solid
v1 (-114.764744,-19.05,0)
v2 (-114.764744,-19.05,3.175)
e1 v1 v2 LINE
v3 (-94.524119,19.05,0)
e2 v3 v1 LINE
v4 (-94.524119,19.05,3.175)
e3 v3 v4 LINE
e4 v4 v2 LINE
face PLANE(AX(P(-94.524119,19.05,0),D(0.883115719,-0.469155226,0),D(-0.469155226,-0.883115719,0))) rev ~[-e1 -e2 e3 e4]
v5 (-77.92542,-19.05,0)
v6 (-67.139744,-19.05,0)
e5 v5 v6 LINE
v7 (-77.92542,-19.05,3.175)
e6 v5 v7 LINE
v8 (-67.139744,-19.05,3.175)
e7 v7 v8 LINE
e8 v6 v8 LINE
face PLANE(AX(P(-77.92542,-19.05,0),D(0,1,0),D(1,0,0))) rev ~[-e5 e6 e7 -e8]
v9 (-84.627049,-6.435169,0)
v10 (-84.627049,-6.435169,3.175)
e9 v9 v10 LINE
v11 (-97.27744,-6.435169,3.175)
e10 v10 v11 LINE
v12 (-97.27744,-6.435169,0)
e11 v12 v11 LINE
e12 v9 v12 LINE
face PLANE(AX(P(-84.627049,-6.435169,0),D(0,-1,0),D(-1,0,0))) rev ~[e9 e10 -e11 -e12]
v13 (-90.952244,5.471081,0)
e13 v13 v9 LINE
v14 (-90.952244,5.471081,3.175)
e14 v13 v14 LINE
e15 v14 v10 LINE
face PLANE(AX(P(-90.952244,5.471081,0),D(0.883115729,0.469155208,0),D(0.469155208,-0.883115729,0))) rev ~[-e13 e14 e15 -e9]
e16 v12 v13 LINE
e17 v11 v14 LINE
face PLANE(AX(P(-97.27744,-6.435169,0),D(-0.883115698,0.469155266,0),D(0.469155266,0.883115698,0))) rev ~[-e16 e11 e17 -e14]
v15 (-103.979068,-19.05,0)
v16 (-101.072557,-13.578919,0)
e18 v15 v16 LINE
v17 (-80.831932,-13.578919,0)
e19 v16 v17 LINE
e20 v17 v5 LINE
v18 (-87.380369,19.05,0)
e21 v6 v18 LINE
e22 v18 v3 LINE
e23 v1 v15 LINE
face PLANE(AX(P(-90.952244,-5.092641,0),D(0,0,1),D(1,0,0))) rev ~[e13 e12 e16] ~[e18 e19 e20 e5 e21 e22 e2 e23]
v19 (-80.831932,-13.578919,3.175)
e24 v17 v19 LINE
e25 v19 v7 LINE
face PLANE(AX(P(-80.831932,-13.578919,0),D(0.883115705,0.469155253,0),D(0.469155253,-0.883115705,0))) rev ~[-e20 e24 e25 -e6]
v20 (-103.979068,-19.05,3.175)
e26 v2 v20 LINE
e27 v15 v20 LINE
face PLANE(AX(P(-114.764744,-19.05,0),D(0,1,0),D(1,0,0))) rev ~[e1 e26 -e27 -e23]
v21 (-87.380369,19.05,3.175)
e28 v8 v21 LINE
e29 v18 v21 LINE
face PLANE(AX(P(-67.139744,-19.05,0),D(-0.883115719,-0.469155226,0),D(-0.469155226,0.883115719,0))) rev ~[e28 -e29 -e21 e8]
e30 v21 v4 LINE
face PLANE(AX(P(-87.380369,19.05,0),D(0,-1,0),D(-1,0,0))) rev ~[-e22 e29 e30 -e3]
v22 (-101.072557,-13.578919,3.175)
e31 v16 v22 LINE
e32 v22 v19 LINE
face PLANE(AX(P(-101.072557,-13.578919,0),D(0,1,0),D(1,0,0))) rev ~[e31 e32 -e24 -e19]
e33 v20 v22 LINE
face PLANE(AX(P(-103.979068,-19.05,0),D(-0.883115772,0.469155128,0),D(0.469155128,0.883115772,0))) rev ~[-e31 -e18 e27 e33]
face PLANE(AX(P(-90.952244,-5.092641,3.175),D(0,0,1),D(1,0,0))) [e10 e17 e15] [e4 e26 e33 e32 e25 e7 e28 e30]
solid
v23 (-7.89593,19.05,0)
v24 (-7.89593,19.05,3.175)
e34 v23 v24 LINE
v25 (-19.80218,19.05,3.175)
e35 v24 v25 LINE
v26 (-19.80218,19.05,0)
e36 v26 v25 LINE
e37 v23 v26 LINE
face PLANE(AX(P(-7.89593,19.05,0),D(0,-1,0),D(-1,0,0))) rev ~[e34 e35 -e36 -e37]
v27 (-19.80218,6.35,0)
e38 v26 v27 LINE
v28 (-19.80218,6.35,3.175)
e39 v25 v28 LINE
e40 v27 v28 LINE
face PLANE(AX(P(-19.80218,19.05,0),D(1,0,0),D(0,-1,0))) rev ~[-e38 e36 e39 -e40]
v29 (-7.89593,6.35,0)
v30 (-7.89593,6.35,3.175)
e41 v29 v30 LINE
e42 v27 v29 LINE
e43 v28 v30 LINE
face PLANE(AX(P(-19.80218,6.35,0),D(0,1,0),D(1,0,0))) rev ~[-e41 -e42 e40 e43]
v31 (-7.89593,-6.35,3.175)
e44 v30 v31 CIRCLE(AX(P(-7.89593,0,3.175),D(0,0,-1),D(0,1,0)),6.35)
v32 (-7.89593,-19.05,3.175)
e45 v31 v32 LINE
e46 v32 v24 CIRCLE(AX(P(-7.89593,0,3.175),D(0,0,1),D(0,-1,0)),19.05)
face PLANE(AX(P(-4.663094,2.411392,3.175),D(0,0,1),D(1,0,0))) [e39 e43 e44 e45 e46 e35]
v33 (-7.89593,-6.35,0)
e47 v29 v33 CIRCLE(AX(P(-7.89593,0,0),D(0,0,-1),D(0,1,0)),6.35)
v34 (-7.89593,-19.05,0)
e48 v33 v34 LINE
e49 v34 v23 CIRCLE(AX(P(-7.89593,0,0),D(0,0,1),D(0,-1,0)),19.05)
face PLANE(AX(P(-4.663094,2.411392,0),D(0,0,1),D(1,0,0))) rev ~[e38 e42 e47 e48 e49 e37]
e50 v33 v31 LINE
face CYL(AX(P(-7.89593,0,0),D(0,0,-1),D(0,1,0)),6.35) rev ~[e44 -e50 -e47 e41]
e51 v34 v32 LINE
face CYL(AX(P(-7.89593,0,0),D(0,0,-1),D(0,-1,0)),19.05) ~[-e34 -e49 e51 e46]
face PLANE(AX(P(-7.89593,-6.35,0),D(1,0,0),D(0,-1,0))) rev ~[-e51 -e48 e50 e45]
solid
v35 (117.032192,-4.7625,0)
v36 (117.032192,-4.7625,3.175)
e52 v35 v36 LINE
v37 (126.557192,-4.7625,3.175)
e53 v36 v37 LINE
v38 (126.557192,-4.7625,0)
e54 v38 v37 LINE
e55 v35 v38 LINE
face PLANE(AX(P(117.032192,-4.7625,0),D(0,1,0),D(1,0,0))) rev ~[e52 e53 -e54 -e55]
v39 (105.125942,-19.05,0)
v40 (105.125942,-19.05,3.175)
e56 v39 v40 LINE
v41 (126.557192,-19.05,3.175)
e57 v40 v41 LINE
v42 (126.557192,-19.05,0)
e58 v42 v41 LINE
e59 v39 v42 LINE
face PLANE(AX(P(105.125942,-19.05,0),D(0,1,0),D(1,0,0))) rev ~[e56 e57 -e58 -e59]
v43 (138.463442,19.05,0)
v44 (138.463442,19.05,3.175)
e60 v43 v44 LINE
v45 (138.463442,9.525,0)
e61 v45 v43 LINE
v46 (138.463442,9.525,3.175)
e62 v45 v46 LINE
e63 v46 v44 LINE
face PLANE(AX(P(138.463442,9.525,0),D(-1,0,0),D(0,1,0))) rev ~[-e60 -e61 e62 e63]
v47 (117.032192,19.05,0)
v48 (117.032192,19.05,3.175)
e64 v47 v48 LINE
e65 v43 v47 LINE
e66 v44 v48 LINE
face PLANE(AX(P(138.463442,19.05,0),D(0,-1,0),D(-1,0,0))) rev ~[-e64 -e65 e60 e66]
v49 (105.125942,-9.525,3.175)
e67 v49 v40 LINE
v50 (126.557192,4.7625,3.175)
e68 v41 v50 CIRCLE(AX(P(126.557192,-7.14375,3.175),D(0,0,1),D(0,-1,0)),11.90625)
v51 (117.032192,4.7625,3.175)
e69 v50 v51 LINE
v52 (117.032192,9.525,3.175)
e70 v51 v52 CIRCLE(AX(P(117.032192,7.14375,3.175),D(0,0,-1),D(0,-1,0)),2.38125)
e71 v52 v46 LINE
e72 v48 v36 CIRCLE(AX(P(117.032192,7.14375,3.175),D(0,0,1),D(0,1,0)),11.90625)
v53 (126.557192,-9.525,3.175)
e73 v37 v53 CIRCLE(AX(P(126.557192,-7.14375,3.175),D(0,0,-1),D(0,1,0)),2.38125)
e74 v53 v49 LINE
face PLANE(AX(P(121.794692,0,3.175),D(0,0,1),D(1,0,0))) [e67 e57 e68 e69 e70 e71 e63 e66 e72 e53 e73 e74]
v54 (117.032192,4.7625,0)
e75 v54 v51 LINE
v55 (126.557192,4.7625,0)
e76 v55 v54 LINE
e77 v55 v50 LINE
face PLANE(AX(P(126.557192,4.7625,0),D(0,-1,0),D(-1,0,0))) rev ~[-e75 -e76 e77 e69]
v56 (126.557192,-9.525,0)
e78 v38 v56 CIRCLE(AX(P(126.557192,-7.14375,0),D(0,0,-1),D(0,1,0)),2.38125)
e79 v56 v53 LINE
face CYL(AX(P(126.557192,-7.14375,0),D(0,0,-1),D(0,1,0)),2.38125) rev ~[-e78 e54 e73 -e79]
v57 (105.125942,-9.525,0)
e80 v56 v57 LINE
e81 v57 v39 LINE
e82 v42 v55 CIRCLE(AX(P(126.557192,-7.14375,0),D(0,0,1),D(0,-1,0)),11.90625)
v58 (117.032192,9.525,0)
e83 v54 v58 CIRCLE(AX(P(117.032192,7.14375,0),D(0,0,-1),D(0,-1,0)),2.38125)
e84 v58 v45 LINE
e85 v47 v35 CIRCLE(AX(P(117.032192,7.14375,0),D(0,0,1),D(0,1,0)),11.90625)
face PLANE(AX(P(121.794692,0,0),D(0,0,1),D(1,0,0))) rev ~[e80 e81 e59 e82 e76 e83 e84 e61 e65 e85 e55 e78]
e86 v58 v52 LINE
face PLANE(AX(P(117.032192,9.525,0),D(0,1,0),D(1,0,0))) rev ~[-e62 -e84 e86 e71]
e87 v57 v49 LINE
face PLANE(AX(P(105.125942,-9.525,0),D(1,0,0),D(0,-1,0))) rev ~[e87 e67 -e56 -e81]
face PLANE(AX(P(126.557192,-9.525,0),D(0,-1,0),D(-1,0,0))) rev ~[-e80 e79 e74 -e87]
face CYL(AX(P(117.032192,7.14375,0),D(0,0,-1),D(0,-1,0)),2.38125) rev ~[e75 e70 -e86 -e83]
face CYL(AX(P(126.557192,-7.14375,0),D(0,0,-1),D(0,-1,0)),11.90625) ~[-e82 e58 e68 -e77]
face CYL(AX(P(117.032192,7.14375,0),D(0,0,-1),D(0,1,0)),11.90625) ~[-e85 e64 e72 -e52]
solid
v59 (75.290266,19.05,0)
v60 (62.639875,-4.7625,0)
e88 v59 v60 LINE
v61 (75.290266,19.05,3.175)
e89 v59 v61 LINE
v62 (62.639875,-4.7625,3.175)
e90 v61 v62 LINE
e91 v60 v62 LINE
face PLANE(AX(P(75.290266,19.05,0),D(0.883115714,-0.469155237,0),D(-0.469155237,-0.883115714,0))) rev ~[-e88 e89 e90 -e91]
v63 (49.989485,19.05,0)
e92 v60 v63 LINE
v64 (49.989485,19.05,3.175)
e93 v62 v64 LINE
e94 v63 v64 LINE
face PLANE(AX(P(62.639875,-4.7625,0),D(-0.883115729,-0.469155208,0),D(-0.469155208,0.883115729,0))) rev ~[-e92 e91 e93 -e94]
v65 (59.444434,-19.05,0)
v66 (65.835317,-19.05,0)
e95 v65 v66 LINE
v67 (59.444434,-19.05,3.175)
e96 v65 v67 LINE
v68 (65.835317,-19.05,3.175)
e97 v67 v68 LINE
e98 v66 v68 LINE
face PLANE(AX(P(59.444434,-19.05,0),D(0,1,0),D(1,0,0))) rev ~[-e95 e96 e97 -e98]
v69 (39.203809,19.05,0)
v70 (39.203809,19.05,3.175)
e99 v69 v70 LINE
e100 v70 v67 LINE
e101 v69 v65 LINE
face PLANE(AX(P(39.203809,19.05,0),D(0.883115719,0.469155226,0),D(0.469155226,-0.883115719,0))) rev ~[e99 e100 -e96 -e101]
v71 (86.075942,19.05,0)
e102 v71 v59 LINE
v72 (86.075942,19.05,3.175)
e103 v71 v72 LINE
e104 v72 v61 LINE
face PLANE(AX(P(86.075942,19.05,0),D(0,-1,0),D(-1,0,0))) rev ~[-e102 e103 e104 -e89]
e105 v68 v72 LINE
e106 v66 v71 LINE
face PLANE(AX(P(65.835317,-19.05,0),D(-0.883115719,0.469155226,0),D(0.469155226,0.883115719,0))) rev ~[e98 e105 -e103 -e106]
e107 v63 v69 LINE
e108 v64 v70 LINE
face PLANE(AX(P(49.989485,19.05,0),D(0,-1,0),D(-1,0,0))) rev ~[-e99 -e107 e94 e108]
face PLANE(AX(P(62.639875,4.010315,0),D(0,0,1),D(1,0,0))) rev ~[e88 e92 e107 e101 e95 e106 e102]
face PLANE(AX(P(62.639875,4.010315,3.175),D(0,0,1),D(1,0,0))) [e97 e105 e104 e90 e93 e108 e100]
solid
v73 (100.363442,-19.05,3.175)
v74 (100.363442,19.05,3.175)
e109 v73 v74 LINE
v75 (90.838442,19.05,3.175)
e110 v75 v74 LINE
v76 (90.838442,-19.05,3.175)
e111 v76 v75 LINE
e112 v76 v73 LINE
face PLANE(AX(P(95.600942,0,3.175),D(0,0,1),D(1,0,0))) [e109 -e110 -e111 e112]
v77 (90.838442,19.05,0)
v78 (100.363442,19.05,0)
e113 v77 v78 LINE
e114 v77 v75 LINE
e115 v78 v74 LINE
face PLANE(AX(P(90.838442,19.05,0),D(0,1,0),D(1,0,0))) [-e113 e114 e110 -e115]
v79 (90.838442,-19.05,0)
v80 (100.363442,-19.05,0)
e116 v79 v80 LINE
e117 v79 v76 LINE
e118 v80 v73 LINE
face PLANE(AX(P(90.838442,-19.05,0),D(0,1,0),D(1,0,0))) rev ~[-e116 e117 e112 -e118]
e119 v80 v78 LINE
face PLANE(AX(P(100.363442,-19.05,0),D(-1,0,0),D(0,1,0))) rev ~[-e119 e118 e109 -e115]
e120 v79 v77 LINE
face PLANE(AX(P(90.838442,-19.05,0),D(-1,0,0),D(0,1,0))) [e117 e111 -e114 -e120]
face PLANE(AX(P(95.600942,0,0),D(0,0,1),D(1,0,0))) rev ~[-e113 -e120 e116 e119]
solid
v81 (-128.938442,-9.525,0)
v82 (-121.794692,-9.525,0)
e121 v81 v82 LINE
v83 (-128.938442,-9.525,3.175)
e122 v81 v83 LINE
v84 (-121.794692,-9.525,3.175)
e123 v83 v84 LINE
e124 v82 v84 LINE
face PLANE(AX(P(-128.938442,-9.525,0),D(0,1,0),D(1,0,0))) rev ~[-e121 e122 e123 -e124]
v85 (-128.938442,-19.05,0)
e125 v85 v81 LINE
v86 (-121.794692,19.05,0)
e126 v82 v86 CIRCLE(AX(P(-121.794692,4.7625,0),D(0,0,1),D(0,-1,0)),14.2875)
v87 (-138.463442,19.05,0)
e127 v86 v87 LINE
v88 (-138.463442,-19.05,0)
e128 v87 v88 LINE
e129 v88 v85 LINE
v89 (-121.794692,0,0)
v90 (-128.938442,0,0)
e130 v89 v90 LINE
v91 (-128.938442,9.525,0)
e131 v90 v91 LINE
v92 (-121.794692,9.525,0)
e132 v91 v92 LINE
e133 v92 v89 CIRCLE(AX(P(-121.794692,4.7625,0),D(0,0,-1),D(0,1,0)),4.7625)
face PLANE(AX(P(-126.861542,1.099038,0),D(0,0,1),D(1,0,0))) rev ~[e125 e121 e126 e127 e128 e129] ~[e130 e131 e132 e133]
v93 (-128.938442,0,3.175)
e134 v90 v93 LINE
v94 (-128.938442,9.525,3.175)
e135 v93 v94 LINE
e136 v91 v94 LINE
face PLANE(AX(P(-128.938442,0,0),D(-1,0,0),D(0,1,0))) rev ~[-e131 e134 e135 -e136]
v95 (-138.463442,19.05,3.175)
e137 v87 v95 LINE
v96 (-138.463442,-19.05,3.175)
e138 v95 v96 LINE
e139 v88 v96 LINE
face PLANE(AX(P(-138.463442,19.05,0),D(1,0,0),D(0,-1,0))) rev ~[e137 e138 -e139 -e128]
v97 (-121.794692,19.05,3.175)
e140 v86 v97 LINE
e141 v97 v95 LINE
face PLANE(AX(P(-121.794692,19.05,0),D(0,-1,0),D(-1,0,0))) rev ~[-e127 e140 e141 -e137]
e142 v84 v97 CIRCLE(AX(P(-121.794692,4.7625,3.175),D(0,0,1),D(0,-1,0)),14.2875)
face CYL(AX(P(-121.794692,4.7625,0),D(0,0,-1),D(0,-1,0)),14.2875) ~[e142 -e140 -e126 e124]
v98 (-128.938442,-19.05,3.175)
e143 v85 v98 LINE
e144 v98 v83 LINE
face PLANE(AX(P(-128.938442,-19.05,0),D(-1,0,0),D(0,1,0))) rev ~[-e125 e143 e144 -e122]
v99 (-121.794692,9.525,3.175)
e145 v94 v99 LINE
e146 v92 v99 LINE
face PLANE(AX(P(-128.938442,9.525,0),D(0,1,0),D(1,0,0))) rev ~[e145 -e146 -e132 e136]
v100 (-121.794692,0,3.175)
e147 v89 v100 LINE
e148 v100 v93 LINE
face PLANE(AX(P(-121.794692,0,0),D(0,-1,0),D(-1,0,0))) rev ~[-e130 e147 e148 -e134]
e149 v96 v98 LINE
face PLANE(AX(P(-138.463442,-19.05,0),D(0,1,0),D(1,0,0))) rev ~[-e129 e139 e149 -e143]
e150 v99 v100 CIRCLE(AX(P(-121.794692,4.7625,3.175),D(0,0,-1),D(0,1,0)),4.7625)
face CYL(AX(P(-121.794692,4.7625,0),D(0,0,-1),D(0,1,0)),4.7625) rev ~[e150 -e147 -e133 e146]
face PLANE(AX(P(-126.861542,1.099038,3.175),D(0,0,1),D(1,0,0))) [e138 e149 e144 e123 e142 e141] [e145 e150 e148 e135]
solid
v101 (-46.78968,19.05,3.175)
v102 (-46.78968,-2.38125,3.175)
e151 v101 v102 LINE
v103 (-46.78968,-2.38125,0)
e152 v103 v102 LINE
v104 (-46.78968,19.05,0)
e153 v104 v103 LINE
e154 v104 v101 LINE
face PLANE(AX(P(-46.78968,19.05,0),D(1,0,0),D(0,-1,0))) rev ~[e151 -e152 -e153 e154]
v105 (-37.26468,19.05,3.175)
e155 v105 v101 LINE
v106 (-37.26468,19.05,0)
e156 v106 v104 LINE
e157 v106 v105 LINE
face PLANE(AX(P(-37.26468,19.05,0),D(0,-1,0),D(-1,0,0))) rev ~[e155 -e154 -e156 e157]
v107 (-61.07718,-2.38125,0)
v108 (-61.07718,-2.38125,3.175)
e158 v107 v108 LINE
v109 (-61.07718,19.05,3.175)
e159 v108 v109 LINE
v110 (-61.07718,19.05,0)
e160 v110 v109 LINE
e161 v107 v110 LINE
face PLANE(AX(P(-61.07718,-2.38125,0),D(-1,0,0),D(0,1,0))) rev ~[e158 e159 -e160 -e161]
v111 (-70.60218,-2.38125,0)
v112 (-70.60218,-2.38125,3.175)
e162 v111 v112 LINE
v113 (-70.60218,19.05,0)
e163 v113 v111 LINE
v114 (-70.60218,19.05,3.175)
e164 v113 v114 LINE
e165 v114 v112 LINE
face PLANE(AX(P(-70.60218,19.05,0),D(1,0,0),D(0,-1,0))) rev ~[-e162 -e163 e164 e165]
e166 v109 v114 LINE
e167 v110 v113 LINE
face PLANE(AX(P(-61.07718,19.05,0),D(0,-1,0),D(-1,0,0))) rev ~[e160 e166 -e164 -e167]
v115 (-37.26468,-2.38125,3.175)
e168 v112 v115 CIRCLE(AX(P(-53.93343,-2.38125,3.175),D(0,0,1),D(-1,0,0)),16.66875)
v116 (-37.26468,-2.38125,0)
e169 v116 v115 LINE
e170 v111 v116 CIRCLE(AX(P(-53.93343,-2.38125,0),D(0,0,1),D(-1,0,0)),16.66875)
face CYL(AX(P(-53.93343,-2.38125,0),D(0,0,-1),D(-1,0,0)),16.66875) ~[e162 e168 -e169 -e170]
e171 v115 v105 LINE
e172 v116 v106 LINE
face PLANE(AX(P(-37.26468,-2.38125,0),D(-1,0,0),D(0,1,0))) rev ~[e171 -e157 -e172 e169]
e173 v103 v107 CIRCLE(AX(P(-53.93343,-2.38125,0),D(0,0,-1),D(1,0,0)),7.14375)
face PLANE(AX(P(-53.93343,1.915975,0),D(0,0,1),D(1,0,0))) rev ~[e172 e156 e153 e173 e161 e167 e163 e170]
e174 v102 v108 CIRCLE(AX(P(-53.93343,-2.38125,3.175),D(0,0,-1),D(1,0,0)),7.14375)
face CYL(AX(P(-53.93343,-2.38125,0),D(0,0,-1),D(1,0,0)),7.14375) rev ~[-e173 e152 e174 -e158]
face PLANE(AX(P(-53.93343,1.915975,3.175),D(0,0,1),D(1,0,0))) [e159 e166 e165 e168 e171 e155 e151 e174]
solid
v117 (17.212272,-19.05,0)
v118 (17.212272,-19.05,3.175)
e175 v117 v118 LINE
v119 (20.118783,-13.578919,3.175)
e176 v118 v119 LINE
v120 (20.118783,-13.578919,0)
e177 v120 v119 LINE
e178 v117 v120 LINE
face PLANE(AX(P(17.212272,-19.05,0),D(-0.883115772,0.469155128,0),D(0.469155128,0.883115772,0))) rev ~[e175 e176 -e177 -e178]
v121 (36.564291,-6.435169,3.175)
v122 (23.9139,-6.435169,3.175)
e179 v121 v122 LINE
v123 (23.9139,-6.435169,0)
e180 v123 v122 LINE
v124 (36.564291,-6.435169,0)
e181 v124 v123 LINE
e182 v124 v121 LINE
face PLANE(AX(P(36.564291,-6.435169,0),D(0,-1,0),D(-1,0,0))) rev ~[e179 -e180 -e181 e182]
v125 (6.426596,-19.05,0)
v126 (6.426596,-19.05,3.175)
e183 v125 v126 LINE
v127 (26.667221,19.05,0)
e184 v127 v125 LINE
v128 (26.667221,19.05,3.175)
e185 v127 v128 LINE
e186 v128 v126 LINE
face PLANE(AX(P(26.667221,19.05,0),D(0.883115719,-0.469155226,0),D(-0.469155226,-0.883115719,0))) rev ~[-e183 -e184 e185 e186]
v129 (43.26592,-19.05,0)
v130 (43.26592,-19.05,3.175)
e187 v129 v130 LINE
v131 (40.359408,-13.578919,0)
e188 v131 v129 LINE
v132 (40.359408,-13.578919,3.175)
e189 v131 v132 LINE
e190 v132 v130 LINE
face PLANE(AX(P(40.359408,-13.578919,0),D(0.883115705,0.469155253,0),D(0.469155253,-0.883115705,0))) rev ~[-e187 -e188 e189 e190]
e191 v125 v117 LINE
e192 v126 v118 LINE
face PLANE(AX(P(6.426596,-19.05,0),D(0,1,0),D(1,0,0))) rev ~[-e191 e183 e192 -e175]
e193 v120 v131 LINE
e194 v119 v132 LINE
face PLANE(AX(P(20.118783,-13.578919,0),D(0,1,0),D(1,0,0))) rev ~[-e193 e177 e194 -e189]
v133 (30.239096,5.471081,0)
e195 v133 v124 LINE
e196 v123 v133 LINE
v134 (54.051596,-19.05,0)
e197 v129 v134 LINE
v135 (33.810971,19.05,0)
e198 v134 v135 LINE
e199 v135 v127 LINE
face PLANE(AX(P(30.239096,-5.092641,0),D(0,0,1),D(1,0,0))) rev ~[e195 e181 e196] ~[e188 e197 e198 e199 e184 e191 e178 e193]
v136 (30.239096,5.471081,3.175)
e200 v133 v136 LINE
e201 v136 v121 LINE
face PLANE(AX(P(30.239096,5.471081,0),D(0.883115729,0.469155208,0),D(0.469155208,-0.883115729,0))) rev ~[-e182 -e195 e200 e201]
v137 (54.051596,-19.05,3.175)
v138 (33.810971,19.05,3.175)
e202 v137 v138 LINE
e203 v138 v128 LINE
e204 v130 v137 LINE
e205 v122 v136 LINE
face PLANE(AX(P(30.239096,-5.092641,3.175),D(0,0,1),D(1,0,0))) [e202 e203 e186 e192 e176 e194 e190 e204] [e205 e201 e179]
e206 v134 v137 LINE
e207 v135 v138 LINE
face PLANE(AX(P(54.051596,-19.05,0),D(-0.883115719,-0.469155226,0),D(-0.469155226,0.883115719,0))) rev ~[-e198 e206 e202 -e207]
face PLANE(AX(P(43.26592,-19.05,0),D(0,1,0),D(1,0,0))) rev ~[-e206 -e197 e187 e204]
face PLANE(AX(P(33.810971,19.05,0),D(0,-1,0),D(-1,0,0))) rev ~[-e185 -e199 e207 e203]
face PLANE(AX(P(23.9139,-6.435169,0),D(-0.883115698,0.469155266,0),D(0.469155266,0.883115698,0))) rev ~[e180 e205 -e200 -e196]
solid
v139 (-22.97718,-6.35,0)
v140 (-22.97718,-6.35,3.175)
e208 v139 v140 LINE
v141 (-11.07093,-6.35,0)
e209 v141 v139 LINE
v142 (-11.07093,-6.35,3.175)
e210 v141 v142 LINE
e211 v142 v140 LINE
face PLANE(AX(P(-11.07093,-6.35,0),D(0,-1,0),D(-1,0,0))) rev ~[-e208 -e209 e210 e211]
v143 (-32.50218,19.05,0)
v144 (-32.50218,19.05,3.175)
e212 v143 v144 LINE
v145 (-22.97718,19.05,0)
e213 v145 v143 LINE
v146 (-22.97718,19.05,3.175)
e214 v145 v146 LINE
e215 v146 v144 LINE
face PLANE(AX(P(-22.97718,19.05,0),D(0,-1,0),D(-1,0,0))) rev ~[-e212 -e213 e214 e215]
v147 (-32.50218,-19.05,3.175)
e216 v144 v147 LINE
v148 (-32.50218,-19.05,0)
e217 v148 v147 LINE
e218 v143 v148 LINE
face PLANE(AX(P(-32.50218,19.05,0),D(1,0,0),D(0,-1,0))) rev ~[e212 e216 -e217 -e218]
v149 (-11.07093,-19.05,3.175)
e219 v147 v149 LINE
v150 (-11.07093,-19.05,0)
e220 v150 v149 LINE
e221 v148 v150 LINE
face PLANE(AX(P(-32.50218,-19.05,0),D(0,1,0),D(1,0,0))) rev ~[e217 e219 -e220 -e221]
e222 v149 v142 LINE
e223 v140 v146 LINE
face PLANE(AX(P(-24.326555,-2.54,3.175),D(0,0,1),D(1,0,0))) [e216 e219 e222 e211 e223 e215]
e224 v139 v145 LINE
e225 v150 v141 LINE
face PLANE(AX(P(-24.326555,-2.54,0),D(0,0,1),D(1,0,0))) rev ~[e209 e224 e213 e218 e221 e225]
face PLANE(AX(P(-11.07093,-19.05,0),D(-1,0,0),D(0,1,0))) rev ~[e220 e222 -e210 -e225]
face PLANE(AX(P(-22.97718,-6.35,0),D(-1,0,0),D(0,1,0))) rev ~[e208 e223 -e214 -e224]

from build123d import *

# Parameters (mm, degrees)
F0_W     = 9.525
F0_H     = 38.1
F1_DEPTH = 3.175


with BuildPart() as f1:
    # F0 (on Top) → F1 (new body)
    with BuildSketch(Plane.XY):
        with BuildLine():
            Line((-128.938442, -9.525), (-121.794692, -9.525))
            ThreePointArc((-121.794692, -9.525), (-107.507192, 4.7625), (-121.794692, 19.05))
            Line((-121.794692, 19.05), (-138.463442, 19.05))
            Line((-138.463442, 19.05), (-138.463442, -19.05))
            Line((-138.463442, -19.05), (-128.938442, -19.05))
            Line((-128.938442, -19.05), (-128.938442, -9.525))
        make_face()
        with BuildLine():
            ThreePointArc((-121.794692, 9.525), (-117.032192, 4.7625), (-121.794692, 0))
            Line((-121.794692, 0), (-128.938442, 0))
            Line((-128.938442, 0), (-128.938442, 9.525))
            Line((-128.938442, 9.525), (-121.794692, 9.525))
        make_face(mode=Mode.SUBTRACT)
        Polygon((-87.380369, 19.05), (-94.524119, 19.05), (-114.764744, -19.05), (-103.979068, -19.05), (-101.072557, -13.578919), (-80.831932, -13.578919), (-77.92542, -19.05), (-67.139744, -19.05), align=None)
        Polygon((-84.627049, -6.435169), (-97.27744, -6.435169), (-90.952244, 5.471081), align=None, mode=Mode.SUBTRACT)
        with BuildLine():
            Line((-70.60218, 19.05), (-70.60218, -2.38125))
            ThreePointArc((-70.60218, -2.38125), (-53.93343, -19.05), (-37.26468, -2.38125))
            Line((-37.26468, -2.38125), (-37.26468, 19.05))
            Line((-37.26468, 19.05), (-46.78968, 19.05))
            Line((-46.78968, 19.05), (-46.78968, -2.38125))
            ThreePointArc((-46.78968, -2.38125), (-53.93343, -9.525), (-61.07718, -2.38125))
            Line((-61.07718, -2.38125), (-61.07718, 19.05))
            Line((-61.07718, 19.05), (-70.60218, 19.05))
        make_face()
        Polygon((-22.97718, 19.05), (-32.50218, 19.05), (-32.50218, -19.05), (-22.97718, -19.05), (-11.07093, -19.05), (-11.07093, -6.35), (-22.97718, -6.35), align=None)
        with BuildLine():
            Line((-7.89593, -6.35), (-7.89593, -19.05))
            ThreePointArc((-7.89593, -19.05), (11.15407, 0), (-7.89593, 19.05))
            Line((-7.89593, 19.05), (-19.80218, 19.05))
            Line((-19.80218, 19.05), (-19.80218, 6.35))
            Line((-19.80218, 6.35), (-7.89593, 6.35))
            ThreePointArc((-7.89593, 6.35), (-1.54593, 0), (-7.89593, -6.35))
        make_face()
        Polygon((33.810971, 19.05), (26.667221, 19.05), (6.426596, -19.05), (17.212272, -19.05), (20.118783, -13.578919), (40.359408, -13.578919), (43.26592, -19.05), (54.051596, -19.05), align=None)
        Polygon((36.564291, -6.435169), (23.9139, -6.435169), (30.239096, 5.471081), align=None, mode=Mode.SUBTRACT)
        Polygon((49.989485, 19.05), (39.203809, 19.05), (59.444434, -19.05), (65.835317, -19.05), (86.075942, 19.05), (75.290266, 19.05), (62.639875, -4.7625), align=None)
        with Locations((95.600942, 0)):
            Rectangle(F0_W, F0_H)
        with BuildLine():
            ThreePointArc((126.557192, -4.7625), (128.938442, -7.14375), (126.557192, -9.525))
            Line((126.557192, -9.525), (105.125942, -9.525))
            Line((105.125942, -9.525), (105.125942, -19.05))
            Line((105.125942, -19.05), (126.557192, -19.05))
            ThreePointArc((126.557192, -19.05), (138.463442, -7.14375), (126.557192, 4.7625))
            Line((126.557192, 4.7625), (117.032192, 4.7625))
            ThreePointArc((117.032192, 4.7625), (114.650942, 7.14375), (117.032192, 9.525))
            Line((117.032192, 9.525), (138.463442, 9.525))
            Line((138.463442, 9.525), (138.463442, 19.05))
            Line((138.463442, 19.05), (117.032192, 19.05))
            ThreePointArc((117.032192, 19.05), (105.125942, 7.14375), (117.032192, -4.7625))
            Line((117.032192, -4.7625), (126.557192, -4.7625))
        make_face()
    extrude(amount=F1_DEPTH)


solid = f1.part
